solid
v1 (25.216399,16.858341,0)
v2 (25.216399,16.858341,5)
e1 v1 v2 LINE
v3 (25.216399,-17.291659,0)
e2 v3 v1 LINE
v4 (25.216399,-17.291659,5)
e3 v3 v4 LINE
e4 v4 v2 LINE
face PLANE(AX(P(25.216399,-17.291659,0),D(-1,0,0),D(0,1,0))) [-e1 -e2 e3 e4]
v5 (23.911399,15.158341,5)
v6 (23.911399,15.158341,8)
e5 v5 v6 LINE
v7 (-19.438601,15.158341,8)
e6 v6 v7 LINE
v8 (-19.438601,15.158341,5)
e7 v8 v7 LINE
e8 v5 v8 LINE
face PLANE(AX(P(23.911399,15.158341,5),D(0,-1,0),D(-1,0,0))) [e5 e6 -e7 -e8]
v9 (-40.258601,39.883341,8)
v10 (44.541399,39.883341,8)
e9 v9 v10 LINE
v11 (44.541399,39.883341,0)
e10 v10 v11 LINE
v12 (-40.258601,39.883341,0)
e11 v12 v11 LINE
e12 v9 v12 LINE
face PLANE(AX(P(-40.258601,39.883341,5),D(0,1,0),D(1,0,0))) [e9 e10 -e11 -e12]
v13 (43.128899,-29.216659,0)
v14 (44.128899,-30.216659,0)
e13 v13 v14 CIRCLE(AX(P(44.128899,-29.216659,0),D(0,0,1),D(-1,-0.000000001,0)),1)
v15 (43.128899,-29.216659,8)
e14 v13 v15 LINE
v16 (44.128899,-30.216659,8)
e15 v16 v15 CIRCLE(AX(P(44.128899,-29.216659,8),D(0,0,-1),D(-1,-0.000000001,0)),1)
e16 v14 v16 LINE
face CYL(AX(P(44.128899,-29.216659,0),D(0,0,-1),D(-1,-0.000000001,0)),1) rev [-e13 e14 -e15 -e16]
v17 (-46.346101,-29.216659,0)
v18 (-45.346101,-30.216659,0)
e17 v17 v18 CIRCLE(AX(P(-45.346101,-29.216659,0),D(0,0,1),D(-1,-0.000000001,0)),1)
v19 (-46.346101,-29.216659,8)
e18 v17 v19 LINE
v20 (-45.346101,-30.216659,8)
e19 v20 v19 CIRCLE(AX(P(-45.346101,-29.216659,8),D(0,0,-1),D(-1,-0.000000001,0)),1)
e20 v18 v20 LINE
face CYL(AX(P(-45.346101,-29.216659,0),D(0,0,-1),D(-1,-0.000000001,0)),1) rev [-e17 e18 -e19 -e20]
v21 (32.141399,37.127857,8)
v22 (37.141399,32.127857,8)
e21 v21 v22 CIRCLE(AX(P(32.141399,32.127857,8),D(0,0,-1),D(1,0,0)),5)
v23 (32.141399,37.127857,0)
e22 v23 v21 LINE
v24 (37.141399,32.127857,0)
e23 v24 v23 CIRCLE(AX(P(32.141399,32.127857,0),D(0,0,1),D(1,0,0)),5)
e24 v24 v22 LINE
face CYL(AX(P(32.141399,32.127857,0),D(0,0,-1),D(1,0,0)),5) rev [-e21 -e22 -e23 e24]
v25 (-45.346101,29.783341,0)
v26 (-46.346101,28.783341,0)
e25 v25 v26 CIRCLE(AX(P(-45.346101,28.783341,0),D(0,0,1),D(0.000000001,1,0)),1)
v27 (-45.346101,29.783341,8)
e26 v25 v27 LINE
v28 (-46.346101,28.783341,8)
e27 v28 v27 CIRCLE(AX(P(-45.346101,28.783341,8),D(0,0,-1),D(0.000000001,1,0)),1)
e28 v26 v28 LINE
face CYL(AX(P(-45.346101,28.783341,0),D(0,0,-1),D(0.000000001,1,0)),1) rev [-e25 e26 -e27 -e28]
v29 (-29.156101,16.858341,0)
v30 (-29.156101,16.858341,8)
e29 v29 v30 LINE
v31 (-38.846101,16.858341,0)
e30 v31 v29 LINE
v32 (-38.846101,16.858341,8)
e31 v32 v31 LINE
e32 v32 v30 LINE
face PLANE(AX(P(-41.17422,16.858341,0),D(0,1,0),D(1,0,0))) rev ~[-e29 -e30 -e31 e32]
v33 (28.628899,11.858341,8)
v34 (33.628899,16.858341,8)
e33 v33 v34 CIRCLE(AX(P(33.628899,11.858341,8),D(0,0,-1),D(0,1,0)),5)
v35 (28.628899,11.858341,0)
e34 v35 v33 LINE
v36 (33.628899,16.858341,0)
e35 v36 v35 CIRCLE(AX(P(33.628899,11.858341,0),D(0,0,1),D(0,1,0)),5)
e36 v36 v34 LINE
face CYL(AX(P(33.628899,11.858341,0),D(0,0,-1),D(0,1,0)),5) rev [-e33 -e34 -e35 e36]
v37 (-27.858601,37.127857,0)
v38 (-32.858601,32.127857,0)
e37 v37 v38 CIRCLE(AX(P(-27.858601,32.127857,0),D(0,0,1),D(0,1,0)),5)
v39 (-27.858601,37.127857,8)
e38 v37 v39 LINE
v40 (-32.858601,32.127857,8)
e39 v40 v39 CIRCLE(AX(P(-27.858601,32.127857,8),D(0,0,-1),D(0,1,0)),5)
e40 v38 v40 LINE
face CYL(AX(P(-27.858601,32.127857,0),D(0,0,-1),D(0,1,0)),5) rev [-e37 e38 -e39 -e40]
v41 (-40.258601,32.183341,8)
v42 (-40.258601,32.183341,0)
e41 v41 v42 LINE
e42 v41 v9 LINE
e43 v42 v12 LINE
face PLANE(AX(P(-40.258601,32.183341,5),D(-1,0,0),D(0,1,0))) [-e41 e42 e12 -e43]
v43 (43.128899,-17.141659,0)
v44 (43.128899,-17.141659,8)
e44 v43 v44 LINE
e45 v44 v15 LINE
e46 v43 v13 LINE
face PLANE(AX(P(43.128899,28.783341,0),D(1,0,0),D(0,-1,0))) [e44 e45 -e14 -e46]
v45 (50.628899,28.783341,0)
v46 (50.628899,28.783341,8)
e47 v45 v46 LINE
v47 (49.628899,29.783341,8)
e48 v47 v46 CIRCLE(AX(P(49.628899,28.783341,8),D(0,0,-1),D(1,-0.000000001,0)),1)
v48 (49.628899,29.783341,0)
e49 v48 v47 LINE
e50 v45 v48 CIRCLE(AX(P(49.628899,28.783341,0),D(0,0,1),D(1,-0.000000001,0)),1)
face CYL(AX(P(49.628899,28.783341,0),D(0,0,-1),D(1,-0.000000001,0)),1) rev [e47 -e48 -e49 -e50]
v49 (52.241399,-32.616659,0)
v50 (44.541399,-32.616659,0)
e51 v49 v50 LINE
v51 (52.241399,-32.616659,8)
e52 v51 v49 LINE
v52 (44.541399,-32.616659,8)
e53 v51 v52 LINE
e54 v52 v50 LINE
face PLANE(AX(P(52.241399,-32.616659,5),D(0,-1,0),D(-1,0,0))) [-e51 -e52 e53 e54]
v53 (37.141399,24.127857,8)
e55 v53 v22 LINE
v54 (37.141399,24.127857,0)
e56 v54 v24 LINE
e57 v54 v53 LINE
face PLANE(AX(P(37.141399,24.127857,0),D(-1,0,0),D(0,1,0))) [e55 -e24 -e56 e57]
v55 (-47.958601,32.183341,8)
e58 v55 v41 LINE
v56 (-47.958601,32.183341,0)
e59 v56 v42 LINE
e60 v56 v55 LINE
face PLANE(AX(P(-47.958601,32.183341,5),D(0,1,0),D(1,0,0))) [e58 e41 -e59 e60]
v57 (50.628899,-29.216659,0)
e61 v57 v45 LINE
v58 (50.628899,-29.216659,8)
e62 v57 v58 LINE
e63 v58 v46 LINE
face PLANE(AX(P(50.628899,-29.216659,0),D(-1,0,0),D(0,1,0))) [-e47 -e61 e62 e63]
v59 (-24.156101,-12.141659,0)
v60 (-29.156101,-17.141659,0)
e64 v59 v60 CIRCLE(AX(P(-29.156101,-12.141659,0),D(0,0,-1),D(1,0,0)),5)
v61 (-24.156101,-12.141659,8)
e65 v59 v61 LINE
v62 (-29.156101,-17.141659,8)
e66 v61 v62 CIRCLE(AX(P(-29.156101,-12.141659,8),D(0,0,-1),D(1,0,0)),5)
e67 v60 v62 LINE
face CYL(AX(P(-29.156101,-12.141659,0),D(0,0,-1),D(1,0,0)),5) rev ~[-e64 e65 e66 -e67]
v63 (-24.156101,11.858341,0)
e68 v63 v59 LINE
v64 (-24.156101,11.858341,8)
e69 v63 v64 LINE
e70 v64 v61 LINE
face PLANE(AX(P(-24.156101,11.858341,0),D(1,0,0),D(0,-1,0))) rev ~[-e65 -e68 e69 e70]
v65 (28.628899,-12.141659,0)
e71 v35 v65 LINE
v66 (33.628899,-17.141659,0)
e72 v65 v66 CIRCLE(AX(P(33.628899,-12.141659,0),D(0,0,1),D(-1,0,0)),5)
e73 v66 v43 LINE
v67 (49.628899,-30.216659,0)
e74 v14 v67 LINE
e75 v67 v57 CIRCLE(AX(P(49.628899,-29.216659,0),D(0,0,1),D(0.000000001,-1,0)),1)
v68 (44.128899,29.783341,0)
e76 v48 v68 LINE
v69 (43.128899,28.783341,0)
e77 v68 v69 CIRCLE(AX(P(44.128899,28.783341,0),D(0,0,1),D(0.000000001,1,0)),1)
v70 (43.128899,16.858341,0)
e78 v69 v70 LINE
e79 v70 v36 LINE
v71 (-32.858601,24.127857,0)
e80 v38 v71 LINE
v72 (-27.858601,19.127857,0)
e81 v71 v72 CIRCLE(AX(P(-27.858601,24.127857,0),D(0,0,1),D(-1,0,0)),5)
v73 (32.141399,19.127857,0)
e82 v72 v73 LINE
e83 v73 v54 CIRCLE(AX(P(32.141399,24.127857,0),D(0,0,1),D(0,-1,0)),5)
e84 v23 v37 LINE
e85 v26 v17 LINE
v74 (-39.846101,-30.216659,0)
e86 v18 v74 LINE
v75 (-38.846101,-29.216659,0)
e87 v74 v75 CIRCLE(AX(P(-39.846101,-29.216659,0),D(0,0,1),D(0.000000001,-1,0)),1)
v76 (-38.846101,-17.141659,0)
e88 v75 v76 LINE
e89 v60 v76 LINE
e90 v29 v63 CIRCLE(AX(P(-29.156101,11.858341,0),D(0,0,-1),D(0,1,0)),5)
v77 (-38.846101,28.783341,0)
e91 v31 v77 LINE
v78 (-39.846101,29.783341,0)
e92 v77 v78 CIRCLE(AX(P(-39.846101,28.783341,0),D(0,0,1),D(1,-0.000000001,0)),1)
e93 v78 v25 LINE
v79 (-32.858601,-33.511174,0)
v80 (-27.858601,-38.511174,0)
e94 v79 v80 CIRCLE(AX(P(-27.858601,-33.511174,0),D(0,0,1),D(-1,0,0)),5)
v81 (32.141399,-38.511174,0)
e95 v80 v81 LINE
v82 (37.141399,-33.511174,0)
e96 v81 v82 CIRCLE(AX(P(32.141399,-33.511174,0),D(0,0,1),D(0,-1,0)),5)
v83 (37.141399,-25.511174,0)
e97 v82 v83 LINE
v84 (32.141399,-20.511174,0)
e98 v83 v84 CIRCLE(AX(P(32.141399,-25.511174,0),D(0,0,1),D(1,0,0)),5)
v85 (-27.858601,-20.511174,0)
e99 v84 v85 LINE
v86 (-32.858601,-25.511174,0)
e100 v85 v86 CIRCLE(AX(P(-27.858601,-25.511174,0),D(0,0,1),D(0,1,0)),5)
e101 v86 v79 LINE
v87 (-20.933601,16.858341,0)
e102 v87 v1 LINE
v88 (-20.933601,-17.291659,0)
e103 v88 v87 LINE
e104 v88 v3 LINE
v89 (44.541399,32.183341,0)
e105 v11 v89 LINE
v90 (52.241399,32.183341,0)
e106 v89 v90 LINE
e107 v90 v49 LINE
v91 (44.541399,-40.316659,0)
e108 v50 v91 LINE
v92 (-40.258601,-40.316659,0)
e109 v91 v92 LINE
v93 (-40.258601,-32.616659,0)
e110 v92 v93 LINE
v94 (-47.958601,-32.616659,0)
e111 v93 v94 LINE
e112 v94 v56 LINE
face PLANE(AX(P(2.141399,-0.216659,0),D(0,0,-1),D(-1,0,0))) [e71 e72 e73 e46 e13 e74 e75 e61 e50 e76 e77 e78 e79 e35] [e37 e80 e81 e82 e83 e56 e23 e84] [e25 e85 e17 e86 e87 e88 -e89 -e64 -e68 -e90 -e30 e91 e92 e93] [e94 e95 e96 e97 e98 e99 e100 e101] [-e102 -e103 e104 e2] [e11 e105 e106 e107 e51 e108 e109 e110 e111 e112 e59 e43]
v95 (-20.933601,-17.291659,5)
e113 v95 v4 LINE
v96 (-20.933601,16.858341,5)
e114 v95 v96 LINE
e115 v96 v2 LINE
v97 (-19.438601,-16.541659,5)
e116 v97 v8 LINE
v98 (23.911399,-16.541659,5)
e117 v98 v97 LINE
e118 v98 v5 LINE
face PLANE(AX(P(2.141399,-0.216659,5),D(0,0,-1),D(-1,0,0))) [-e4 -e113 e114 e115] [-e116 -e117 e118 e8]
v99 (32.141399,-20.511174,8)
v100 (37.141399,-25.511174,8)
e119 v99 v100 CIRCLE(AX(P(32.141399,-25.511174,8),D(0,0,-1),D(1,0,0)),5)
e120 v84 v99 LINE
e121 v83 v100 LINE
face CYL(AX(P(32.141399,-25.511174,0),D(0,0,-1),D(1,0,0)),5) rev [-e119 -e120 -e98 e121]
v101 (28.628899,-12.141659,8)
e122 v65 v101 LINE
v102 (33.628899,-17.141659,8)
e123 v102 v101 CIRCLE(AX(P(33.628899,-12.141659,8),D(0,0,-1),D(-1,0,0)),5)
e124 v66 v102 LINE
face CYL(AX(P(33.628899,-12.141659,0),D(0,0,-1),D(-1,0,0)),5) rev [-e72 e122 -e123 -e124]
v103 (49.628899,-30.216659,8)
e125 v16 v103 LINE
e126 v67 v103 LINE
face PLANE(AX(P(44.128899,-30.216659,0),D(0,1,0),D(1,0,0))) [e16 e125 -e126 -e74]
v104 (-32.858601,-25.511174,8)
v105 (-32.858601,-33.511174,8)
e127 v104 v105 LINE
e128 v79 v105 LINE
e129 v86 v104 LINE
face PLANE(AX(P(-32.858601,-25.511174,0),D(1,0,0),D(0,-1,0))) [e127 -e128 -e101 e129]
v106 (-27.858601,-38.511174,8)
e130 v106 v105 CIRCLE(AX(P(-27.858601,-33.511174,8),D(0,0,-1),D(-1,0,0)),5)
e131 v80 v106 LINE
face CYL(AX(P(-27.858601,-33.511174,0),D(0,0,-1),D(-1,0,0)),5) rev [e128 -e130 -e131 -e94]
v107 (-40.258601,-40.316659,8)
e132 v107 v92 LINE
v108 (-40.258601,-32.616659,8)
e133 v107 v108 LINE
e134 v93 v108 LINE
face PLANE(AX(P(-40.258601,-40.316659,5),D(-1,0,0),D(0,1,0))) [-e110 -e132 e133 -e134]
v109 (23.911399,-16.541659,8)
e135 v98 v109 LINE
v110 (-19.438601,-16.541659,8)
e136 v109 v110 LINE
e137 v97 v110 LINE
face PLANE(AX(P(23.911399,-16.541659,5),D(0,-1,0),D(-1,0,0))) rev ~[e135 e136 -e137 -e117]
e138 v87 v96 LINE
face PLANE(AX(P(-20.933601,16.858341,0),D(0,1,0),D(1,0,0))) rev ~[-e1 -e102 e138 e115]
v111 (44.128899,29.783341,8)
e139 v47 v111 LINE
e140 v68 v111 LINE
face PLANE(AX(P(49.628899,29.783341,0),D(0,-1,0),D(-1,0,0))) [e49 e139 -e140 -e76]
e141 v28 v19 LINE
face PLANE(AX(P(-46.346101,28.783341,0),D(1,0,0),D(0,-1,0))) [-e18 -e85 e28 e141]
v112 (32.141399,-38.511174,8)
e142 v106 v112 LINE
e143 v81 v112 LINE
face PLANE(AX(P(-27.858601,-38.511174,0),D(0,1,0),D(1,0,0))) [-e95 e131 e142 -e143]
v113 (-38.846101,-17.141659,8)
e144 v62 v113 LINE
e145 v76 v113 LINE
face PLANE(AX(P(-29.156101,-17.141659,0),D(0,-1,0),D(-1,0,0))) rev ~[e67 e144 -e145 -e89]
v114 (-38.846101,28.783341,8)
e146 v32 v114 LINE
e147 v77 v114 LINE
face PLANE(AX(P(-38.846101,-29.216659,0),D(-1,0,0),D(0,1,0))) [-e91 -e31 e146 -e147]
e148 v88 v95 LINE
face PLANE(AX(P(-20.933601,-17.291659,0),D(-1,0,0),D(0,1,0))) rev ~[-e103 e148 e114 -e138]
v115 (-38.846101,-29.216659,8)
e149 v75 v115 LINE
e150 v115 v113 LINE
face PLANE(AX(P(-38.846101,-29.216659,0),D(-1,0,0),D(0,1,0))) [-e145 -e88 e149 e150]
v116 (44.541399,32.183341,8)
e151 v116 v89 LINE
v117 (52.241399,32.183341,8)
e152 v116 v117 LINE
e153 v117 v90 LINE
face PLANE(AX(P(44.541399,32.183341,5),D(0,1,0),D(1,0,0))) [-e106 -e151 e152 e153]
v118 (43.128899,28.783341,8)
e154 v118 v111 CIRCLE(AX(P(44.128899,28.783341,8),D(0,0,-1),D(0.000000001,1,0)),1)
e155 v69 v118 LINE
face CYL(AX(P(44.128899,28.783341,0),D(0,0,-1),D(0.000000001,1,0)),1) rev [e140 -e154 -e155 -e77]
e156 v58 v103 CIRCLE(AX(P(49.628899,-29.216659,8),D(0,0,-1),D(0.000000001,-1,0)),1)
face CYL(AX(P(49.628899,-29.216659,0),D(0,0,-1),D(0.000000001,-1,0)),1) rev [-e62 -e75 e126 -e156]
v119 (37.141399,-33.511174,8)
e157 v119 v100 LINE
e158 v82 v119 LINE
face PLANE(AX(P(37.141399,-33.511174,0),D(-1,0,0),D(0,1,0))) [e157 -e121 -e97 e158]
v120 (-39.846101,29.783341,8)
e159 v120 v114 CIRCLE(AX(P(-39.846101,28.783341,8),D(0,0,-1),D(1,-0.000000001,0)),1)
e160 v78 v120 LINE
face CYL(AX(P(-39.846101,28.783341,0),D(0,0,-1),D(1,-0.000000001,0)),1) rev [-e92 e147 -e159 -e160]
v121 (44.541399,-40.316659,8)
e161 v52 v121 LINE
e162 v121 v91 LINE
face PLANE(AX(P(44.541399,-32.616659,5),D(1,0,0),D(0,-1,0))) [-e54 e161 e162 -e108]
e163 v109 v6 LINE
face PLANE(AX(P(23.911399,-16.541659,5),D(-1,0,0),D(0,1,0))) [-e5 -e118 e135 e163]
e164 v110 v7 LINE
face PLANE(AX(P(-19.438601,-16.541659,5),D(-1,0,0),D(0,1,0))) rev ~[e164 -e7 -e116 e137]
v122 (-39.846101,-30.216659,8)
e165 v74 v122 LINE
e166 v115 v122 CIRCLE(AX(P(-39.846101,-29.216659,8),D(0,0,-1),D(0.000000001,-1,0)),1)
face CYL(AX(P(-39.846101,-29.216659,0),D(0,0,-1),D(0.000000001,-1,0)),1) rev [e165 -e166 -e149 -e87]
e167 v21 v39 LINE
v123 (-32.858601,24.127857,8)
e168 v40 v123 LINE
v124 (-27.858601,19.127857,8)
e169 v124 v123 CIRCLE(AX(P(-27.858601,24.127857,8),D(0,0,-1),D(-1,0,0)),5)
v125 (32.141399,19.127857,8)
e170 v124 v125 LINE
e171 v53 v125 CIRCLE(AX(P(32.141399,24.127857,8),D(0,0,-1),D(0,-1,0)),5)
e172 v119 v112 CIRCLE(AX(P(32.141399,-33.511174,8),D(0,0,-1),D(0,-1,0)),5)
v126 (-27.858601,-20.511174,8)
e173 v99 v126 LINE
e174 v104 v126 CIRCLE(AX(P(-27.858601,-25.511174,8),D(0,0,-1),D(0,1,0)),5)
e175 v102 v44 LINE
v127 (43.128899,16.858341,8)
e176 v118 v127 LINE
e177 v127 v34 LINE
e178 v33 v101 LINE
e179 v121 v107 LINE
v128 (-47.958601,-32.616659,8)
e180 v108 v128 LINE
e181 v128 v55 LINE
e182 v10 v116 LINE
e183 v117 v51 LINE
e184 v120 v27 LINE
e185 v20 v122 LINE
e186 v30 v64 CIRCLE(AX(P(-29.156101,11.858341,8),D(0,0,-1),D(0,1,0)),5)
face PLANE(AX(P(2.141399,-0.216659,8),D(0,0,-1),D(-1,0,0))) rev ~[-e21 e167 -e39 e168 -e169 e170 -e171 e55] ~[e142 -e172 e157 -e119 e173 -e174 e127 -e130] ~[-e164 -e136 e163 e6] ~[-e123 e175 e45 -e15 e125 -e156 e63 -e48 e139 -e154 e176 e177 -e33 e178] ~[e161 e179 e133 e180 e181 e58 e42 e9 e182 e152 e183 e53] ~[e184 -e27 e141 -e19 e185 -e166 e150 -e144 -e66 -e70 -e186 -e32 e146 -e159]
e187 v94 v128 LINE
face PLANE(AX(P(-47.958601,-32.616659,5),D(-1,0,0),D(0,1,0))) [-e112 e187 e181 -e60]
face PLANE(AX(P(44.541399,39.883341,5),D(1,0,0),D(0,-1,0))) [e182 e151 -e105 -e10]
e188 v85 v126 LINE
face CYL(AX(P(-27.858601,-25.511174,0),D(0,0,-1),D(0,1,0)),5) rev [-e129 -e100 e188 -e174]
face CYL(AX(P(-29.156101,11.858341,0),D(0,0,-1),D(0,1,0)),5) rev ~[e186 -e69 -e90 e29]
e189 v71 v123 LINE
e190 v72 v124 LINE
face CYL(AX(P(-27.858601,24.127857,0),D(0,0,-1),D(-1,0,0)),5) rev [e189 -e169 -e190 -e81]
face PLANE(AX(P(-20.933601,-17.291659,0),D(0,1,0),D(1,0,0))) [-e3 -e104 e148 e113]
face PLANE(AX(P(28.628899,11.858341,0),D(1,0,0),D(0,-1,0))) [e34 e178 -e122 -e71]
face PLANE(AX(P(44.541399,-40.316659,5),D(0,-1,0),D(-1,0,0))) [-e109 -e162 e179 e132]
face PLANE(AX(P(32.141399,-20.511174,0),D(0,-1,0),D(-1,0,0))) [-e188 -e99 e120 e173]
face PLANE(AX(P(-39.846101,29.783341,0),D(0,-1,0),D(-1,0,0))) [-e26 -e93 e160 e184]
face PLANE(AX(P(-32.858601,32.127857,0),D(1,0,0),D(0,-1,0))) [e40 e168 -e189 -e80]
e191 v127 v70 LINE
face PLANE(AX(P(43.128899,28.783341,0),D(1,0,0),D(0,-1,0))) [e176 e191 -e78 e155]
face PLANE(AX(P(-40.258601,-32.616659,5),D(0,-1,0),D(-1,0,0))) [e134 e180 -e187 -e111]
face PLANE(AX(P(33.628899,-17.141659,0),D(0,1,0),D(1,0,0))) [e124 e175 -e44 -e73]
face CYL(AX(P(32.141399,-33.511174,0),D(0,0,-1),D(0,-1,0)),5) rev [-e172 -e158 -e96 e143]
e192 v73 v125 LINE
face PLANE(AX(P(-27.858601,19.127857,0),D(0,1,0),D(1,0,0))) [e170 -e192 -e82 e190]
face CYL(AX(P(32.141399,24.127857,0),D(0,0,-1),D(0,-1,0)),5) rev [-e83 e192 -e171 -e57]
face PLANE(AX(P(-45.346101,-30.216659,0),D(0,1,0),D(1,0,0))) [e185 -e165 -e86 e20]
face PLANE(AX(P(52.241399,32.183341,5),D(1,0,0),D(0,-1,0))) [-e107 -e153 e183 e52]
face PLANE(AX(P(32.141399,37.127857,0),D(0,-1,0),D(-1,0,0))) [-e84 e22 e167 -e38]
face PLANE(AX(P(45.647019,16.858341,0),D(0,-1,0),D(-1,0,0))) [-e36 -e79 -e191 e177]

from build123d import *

# Parameters (mm, degrees)
ESQUISSE1_W             = 46.15
ESQUISSE1_H             = 34.15
BOSS_EXTRU_1_DEPTH      = 5
BOSS_EXTRU_2_DEPTH      = 3
ENL_V_MAT_EXTRU_4_DEPTH = 9
ESQUISSE7_W             = 43.35
ESQUISSE7_H             = 31.7
ENL_V_MAT_EXTRU_5_DEPTH = 7
ENL_V_MAT_EXTRU_6_DEPTH = 9


with BuildPart() as part:
    # Esquisse1 → Boss.-Extru.1 (new body)
    with BuildSketch(Plane.XY):
        Polygon((-40.258600608, 39.883341456), (44.541399392, 39.883341456), (44.541399392, 32.183341456), (52.241399392, 32.183341456), (52.241399392, -32.616658544), (44.541399392, -32.616658544), (44.541399392, -40.316658544), (-40.258600608, -40.316658544), (-40.258600608, -32.616658544), (-47.958600608, -32.616658544), (-47.958600608, 32.183341456), (-40.258600608, 32.183341456), align=None)
        with Locations((2.141399392, -0.216658544)):
            Rectangle(ESQUISSE1_W, ESQUISSE1_H, mode=Mode.SUBTRACT)
    extrude(amount=BOSS_EXTRU_1_DEPTH)

    # Esquisse2 → Boss.-Extru.2 (add)
    with BuildSketch(Plane.XY.offset(5)):
        Polygon((-47.958600608, 32.183341456), (-40.258600608, 32.183341456), (-40.258600608, 39.883341456), (44.541399392, 39.883341456), (44.541399392, 32.183341456), (52.241399392, 32.183341456), (52.241399392, -32.616658544), (44.541399392, -32.616658544), (44.541399392, -40.316658544), (-40.258600608, -40.316658544), (-40.258600608, -32.616658544), (-47.958600608, -32.616658544), align=None)
    extrude(amount=BOSS_EXTRU_2_DEPTH)

    # Esquisse6 → Enlèv. mat.-Extru.4 (cut, through all)
    with BuildSketch(Plane(origin=(0, 0, 0), x_dir=(-1, 0, 0), z_dir=(0, 0, -1))):
        with BuildLine():
            Line((-49.628899392, 29.783341456), (-44.128899392, 29.783341456))
            ThreePointArc((-44.128899392, 29.783341456), (-43.421792611, 29.490448238), (-43.128899392, 28.783341456))
            Line((-43.128899392, 28.783341456), (-43.128899392, -29.216658544))
            ThreePointArc((-43.128899392, -29.216658544), (-43.421792611, -29.923765325), (-44.128899392, -30.216658544))
            Line((-44.128899392, -30.216658544), (-49.628899392, -30.216658544))
            ThreePointArc((-49.628899392, -30.216658544), (-50.336006173, -29.923765325), (-50.628899392, -29.216658544))
            Line((-50.628899392, -29.216658544), (-50.628899392, 28.783341456))
            ThreePointArc((-50.628899392, 28.783341456), (-50.336006173, 29.490448238), (-49.628899392, 29.783341456))
        make_face()
        with BuildLine():
            Line((45.346100608, -30.216658544), (39.846100608, -30.216658544))
            ThreePointArc((39.846100608, -30.216658544), (39.138993827, -29.923765325), (38.846100608, -29.216658544))
            Line((38.846100608, -29.216658544), (38.846100608, 28.783341456))
            ThreePointArc((38.846100608, 28.783341456), (39.138993827, 29.490448238), (39.846100608, 29.783341456))
            Line((39.846100608, 29.783341456), (45.346100608, 29.783341456))
            ThreePointArc((45.346100608, 29.783341456), (46.053207389, 29.490448238), (46.346100608, 28.783341456))
            Line((46.346100608, 28.783341456), (46.346100608, -29.216658544))
            ThreePointArc((46.346100608, -29.216658544), (46.053207389, -29.923765325), (45.346100608, -30.216658544))
        make_face()
    extrude(amount=-ENL_V_MAT_EXTRU_4_DEPTH, mode=Mode.SUBTRACT)

    # Esquisse7 → Enlèv. mat.-Extru.5 (cut)
    with BuildSketch(Plane(origin=(0, 0, 5), x_dir=(-1, 0, 0), z_dir=(0, 0, -1))):
        with Locations((-2.236399392, -0.691658544)):
            Rectangle(ESQUISSE7_W, ESQUISSE7_H)
    extrude(amount=-ENL_V_MAT_EXTRU_5_DEPTH, mode=Mode.SUBTRACT)

    # Esquisse8 → Enlèv. mat.-Extru.6 (cut, through all)
    with BuildSketch(Plane(origin=(0, 0, 0), x_dir=(-1, 0, 0), z_dir=(0, 0, -1))):
        with BuildLine():
            Line((-32.141399392, 37.127856995), (27.858600608, 37.127856995))
            ThreePointArc((27.858600608, 37.127856995), (31.394134514, 35.663390901), (32.858600608, 32.127856995))
            Line((32.858600608, 32.127856995), (32.858600608, 24.127856995))
            ThreePointArc((32.858600608, 24.127856995), (31.394134514, 20.592323089), (27.858600608, 19.127856995))
            Line((27.858600608, 19.127856995), (-32.141399392, 19.127856995))
            ThreePointArc((-32.141399392, 19.127856995), (-35.676933298, 20.592323089), (-37.141399392, 24.127856995))
            Line((-37.141399392, 24.127856995), (-37.141399392, 32.127856995))
            ThreePointArc((-37.141399392, 32.127856995), (-35.676933298, 35.663390901), (-32.141399392, 37.127856995))
        make_face()
        with BuildLine():
            Line((-32.141399392, -20.511174082), (27.858600608, -20.511174082))
            ThreePointArc((27.858600608, -20.511174082), (31.394134514, -21.975640176), (32.858600608, -25.511174082))
            Line((32.858600608, -25.511174082), (32.858600608, -33.511174082))
            ThreePointArc((32.858600608, -33.511174082), (31.394134514, -37.046707988), (27.858600608, -38.511174082))
            Line((27.858600608, -38.511174082), (-32.141399392, -38.511174082))
            ThreePointArc((-32.141399392, -38.511174082), (-35.676933298, -37.046707988), (-37.141399392, -33.511174082))
            Line((-37.141399392, -33.511174082), (-37.141399392, -25.511174082))
            ThreePointArc((-37.141399392, -25.511174082), (-35.676933298, -21.975640176), (-32.141399392, -20.511174082))
        make_face()
        with BuildLine():
            Line((-43.128899392, 16.858341456), (-33.628899392, 16.858341456))
            ThreePointArc((-33.628899392, 16.858341456), (-30.093365486, 15.393875362), (-28.628899392, 11.858341456))
            Line((-28.628899392, 11.858341456), (-28.628899392, -12.141658544))
            ThreePointArc((-28.628899392, -12.141658544), (-30.093365486, -15.677192449), (-33.628899392, -17.141658544))
            Line((-33.628899392, -17.141658544), (-45.647019221, -17.141658544))
            Line((-45.647019221, -17.141658544), (-45.647019221, 16.858341456))
            Line((-45.647019221, 16.858341456), (-43.128899392, 16.858341456))
        make_face()
        with BuildLine():
            Line((41.174220437, -17.141658544), (41.174220437, 16.858341456))
            Line((41.174220437, 16.858341456), (38.656100608, 16.858341456))
            Line((38.656100608, 16.858341456), (29.156100608, 16.858341456))
            ThreePointArc((29.156100608, 16.858341456), (25.620566702, 15.393875362), (24.156100608, 11.858341456))
            Line((24.156100608, 11.858341456), (24.156100608, -12.141658544))
            ThreePointArc((24.156100608, -12.141658544), (25.620566702, -15.677192449), (29.156100608, -17.141658544))
            Line((29.156100608, -17.141658544), (41.174220437, -17.141658544))
        make_face()
    extrude(amount=-ENL_V_MAT_EXTRU_6_DEPTH, mode=Mode.SUBTRACT)


solid = part.part
